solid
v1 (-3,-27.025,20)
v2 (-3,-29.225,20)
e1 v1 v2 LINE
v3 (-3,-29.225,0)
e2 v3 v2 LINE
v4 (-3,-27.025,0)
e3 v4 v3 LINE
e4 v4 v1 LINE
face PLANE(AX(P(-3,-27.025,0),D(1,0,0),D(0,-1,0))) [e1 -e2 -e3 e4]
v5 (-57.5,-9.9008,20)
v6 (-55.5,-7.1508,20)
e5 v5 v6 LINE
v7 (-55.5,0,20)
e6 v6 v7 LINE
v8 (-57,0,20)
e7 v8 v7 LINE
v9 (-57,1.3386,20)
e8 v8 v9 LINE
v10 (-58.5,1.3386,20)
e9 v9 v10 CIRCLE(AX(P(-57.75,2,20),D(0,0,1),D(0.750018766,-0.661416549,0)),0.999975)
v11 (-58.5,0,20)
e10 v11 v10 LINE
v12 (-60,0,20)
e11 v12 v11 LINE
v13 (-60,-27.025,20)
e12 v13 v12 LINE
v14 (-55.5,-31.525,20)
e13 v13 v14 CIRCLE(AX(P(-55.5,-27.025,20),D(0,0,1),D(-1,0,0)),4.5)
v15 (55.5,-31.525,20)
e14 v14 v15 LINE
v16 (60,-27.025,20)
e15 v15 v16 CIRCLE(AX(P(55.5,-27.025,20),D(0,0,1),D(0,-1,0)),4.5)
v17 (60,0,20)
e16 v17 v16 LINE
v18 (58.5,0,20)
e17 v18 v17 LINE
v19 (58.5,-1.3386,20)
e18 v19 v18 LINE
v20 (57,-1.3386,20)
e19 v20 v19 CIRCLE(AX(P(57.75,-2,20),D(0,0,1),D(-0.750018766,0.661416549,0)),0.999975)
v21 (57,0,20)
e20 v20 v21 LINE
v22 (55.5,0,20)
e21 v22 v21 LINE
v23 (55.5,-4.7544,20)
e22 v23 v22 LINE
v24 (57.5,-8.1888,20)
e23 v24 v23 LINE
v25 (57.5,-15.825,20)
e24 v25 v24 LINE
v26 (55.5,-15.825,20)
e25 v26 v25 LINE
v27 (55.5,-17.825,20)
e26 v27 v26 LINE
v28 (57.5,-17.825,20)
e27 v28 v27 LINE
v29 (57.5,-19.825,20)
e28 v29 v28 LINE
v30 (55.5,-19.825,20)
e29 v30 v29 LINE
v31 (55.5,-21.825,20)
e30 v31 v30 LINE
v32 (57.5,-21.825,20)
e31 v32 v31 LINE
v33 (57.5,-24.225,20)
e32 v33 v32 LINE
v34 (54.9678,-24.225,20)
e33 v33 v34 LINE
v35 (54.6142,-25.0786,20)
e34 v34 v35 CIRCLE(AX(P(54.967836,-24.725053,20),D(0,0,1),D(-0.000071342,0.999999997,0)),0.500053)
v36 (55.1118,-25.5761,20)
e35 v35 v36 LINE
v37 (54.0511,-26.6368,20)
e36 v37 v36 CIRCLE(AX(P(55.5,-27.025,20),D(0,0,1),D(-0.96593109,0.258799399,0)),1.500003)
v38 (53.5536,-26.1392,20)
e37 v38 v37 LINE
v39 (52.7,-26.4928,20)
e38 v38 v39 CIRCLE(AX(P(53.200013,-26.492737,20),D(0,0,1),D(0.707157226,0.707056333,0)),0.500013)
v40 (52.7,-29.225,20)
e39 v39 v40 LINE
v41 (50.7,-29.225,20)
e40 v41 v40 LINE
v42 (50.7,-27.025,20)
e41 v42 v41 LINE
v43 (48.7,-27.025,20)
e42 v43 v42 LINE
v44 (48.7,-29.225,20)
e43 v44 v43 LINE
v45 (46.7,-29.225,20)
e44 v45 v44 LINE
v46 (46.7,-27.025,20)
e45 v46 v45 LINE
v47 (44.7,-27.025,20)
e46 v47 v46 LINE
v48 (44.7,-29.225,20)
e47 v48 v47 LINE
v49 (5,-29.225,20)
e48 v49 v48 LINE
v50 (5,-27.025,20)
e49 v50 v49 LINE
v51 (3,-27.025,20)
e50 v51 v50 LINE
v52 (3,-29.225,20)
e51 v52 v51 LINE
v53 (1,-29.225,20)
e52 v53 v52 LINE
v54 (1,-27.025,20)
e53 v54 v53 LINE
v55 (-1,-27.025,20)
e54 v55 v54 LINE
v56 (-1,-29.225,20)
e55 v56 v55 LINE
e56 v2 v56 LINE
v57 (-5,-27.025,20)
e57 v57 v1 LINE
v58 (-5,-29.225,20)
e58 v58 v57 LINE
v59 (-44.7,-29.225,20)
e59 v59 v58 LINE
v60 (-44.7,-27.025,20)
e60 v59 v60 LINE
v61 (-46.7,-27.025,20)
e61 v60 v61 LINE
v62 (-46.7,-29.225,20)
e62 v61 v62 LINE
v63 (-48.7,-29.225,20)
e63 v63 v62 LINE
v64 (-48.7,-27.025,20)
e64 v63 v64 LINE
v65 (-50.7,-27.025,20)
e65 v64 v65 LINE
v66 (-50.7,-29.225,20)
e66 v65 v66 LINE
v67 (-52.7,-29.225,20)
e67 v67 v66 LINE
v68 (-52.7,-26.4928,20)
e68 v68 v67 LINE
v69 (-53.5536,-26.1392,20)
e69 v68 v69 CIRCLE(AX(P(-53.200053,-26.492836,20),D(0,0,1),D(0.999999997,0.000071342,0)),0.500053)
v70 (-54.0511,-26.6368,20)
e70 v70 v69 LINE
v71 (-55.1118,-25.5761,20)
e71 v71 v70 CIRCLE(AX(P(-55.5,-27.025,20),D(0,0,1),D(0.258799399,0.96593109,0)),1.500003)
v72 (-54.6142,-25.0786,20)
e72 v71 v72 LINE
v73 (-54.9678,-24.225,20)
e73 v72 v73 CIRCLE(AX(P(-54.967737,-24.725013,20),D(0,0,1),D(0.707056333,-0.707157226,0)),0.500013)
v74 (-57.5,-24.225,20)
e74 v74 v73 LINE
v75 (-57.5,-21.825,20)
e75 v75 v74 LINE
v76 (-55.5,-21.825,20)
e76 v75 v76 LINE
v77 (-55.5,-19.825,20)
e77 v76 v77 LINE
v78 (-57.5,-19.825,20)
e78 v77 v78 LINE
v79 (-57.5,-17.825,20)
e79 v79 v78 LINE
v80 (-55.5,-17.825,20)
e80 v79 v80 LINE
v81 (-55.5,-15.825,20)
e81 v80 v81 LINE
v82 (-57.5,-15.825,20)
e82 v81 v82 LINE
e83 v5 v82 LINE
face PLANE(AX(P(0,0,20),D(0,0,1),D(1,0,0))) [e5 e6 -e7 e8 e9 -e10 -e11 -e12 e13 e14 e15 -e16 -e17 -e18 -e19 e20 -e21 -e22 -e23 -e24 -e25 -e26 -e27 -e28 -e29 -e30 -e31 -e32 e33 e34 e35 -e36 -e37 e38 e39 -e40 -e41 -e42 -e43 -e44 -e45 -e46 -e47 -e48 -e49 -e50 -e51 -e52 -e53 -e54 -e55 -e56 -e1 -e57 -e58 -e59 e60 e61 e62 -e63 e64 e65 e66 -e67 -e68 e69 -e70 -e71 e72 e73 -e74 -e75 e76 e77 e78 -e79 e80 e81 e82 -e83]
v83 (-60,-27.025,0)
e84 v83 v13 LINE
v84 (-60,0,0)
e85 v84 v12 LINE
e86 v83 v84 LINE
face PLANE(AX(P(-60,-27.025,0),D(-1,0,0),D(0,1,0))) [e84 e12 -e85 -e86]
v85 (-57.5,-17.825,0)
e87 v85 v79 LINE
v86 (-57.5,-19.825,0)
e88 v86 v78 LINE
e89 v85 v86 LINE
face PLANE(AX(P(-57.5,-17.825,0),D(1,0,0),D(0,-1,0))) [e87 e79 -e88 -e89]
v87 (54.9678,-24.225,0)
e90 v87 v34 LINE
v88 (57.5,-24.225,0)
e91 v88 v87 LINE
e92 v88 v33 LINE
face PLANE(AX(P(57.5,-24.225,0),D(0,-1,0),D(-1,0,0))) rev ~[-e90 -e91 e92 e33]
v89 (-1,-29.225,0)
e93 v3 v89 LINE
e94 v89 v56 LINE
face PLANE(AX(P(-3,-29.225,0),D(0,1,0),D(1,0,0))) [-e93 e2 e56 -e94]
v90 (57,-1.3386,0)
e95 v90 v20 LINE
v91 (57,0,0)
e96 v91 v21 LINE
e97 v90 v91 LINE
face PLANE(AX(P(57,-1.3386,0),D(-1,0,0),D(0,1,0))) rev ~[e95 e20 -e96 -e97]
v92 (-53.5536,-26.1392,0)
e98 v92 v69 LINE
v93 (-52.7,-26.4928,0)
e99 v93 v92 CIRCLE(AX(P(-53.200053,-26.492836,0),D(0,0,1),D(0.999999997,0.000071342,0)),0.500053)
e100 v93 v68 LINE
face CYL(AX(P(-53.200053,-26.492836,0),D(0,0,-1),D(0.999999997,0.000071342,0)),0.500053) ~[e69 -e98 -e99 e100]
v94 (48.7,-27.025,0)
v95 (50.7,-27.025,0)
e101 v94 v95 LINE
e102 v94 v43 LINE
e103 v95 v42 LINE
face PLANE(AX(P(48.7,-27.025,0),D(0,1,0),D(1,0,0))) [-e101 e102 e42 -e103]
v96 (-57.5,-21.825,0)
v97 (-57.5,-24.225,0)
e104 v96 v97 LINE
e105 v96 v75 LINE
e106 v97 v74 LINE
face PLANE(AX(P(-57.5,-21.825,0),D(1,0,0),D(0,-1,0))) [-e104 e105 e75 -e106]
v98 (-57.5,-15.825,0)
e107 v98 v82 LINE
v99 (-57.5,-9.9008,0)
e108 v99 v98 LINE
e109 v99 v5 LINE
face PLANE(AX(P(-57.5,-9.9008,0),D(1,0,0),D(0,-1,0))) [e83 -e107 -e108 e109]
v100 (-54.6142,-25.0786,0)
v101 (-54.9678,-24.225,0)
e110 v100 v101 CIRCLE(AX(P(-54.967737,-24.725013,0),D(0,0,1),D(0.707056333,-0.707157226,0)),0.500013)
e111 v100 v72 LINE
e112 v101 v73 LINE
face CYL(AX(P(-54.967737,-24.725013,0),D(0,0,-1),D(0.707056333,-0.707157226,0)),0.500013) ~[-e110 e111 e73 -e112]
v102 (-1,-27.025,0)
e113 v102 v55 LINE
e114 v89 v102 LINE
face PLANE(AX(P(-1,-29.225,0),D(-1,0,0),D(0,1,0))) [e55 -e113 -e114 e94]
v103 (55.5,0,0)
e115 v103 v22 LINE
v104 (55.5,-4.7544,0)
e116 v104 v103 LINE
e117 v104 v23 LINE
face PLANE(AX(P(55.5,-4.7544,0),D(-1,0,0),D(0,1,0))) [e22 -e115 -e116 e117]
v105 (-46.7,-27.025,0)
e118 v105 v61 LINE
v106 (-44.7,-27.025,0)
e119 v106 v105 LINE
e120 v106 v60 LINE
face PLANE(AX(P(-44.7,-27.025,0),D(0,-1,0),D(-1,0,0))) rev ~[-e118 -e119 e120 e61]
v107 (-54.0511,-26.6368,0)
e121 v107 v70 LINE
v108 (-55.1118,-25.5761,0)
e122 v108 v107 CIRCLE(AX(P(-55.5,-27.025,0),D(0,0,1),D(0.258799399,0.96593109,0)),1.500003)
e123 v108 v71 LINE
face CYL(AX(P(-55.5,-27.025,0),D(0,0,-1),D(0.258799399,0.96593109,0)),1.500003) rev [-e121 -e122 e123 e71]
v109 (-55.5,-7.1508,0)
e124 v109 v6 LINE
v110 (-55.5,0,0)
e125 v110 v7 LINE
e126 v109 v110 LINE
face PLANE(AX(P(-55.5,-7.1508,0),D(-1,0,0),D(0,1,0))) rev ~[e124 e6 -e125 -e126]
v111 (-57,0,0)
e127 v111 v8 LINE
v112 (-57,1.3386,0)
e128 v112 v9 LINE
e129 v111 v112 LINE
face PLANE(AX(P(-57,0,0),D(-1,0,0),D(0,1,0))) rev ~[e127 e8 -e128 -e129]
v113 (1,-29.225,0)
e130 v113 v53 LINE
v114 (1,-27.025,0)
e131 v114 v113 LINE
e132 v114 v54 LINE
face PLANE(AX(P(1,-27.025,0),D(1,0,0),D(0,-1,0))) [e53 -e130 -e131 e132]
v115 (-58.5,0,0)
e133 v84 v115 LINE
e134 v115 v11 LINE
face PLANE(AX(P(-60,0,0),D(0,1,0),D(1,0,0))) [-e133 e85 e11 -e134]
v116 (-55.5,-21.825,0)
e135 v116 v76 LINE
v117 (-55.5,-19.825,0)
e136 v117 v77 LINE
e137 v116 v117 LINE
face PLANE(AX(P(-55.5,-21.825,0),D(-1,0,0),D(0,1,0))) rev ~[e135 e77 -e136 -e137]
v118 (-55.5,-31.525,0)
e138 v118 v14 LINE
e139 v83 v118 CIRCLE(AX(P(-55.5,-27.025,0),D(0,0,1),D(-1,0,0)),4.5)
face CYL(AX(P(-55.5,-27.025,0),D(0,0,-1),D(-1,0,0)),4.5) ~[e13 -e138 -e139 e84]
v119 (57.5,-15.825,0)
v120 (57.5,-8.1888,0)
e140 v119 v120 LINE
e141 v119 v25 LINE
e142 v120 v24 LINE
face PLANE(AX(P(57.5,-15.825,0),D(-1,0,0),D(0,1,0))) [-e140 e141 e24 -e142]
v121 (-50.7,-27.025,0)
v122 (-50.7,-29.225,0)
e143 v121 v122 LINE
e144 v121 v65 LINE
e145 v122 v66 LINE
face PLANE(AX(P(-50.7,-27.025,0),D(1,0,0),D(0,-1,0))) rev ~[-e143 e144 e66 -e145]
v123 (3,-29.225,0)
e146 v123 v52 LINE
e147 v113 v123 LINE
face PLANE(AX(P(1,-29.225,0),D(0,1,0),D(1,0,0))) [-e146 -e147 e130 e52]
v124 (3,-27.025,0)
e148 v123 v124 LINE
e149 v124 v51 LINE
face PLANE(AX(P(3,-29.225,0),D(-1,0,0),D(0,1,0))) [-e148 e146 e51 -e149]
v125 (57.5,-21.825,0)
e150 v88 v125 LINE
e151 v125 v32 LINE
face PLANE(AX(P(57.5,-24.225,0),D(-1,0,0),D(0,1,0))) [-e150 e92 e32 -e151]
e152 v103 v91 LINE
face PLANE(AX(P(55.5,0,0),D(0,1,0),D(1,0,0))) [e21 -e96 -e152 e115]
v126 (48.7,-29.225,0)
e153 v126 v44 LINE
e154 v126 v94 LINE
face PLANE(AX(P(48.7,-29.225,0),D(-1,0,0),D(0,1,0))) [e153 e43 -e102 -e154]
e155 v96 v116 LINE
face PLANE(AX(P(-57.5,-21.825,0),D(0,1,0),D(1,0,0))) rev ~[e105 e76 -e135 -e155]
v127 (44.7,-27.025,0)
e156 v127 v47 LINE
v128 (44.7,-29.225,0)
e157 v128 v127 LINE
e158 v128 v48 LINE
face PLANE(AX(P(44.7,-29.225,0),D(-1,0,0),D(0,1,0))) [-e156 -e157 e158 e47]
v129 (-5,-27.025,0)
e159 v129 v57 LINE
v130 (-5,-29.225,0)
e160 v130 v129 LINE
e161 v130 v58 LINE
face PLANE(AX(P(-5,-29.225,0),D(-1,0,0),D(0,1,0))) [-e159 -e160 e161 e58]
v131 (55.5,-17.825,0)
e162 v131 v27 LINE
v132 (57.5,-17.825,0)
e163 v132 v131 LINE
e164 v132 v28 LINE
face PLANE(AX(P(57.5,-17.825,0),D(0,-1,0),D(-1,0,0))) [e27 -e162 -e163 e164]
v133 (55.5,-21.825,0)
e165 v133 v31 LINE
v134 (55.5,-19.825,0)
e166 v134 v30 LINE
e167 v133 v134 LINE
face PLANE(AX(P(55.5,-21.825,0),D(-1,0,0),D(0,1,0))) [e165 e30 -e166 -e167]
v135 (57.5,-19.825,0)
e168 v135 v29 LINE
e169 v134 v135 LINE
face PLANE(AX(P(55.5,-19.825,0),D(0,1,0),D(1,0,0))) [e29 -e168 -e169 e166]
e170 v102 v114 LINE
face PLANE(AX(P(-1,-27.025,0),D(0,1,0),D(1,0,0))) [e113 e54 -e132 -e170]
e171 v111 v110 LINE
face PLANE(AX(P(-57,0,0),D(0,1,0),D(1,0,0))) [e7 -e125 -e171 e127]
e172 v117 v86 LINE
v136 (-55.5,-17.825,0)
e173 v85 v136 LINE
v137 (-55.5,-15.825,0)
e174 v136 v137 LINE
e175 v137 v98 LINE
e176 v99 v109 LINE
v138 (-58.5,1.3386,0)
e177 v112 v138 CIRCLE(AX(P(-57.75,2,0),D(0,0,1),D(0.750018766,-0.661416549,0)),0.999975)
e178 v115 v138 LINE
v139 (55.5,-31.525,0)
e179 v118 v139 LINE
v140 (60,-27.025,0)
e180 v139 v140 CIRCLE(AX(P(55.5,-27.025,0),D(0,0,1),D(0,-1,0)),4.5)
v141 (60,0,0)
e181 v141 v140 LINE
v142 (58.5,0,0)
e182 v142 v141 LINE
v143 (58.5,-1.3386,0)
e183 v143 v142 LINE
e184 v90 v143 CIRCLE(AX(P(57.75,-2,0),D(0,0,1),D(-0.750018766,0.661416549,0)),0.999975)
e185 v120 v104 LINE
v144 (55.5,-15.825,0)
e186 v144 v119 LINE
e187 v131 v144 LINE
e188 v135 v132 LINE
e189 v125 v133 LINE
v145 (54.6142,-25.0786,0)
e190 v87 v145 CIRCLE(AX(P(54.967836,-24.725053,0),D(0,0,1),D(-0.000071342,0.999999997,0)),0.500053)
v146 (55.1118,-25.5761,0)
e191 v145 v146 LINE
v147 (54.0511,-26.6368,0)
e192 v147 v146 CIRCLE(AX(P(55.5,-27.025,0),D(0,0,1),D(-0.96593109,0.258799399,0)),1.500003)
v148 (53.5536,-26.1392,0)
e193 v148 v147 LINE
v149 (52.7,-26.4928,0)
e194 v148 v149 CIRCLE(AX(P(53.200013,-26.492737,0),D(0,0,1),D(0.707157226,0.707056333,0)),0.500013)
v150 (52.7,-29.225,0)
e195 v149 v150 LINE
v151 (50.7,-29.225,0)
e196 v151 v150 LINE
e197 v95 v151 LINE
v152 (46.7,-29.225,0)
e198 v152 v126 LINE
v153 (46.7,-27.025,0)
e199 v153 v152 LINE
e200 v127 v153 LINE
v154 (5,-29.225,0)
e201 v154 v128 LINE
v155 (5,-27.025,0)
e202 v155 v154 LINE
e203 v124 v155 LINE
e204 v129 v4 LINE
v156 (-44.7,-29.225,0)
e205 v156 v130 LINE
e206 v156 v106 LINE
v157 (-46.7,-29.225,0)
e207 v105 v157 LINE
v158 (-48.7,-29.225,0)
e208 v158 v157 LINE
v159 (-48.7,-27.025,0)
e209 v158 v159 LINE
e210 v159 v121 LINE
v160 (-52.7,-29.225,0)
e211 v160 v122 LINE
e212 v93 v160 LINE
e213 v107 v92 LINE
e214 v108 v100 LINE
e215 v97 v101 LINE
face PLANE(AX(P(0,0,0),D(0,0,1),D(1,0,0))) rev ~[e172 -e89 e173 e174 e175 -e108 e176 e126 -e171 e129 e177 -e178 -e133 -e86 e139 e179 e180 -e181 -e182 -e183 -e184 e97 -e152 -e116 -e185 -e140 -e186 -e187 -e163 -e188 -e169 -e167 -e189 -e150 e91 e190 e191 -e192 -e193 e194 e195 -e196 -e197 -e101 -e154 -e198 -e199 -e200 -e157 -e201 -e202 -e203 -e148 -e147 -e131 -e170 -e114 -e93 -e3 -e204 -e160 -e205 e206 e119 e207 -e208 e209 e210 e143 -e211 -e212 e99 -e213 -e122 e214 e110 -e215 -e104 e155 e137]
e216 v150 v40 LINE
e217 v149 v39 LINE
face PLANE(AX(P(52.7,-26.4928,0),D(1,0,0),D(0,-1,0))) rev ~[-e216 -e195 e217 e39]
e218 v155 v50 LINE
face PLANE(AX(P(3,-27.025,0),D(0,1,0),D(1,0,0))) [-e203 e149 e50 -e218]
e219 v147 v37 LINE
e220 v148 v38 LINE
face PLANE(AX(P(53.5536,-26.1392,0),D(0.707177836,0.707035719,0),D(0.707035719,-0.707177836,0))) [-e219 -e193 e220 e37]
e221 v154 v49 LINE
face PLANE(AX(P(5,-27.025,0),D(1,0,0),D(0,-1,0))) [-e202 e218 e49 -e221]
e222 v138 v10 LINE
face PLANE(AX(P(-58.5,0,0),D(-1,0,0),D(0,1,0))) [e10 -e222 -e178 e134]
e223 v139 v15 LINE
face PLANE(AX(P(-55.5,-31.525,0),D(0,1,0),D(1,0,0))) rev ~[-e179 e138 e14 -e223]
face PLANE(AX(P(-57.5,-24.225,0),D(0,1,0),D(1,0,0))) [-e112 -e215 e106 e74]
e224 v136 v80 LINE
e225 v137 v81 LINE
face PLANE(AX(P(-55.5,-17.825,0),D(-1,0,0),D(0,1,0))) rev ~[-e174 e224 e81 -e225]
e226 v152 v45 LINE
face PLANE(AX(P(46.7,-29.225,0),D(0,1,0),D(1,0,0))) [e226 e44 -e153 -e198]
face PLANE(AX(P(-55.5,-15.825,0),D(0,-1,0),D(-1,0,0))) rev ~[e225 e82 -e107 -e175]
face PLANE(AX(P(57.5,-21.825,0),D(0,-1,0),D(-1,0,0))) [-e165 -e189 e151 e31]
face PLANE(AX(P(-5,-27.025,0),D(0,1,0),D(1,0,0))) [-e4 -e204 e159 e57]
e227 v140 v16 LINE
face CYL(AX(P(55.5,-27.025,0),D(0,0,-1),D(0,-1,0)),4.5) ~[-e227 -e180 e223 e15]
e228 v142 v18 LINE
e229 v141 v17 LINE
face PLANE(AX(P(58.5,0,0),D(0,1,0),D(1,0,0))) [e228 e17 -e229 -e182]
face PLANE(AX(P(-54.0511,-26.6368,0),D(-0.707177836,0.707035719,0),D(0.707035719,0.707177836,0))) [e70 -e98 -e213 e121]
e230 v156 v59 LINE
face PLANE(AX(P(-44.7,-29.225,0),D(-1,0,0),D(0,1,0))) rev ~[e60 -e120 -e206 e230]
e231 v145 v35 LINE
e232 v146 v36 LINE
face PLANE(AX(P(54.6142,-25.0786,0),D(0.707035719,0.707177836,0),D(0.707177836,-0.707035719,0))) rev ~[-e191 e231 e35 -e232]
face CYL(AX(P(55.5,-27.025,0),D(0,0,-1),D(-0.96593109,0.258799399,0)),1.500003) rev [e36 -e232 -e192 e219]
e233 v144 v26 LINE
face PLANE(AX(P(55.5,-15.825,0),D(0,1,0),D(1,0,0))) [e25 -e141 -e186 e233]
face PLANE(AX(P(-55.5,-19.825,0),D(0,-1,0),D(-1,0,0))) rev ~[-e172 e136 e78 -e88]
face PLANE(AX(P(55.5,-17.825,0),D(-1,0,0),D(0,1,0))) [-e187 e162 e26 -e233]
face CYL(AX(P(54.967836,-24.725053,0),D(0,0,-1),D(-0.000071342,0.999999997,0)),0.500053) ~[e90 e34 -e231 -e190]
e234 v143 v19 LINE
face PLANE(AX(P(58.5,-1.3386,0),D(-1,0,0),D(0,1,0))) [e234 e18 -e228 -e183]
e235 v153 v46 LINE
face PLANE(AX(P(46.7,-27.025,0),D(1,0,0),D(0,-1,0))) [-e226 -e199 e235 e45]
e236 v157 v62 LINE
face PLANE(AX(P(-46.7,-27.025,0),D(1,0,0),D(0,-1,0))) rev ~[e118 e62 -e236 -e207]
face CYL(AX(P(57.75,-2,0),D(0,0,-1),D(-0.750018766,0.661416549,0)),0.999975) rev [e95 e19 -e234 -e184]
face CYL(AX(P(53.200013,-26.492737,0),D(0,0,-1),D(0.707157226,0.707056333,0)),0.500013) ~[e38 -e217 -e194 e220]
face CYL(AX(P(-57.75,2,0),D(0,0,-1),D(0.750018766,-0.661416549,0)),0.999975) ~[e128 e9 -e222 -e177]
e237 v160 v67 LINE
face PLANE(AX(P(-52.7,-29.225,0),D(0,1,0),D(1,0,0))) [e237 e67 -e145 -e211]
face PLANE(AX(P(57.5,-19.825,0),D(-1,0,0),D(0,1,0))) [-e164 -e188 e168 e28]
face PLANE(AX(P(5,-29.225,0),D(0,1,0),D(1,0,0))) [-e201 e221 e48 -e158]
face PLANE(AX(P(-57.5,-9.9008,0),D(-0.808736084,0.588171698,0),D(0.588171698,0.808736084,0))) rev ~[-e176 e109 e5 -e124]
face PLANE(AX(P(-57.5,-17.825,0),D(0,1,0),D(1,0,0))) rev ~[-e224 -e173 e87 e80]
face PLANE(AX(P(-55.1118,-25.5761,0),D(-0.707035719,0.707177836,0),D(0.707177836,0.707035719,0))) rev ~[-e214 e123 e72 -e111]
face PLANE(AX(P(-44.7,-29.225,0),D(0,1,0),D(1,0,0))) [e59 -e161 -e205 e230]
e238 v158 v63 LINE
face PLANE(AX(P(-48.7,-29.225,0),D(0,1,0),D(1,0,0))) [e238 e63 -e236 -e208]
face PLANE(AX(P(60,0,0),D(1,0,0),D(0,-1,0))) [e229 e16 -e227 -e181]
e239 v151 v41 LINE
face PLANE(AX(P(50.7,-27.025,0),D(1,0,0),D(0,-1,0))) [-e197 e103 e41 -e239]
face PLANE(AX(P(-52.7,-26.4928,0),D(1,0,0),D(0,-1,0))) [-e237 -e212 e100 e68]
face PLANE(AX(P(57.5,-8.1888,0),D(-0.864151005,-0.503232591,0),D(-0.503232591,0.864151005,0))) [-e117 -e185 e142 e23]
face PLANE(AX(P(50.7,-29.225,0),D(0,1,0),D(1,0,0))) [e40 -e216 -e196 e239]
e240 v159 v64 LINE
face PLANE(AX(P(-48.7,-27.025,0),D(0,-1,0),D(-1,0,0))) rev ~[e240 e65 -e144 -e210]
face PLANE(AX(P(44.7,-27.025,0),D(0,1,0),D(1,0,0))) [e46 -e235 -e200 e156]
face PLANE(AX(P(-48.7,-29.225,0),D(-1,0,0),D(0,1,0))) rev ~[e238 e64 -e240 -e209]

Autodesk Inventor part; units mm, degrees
ref_plane "YZ Plane" through (0, 0, 0) normal (1, 0, 0) x (0, 1, 0)
ref_plane "XZ Plane" through (0, 0, 0) normal (0, 1, 0) x (-1, 0, 0)
ref_plane "XY Plane" through (0, 0, 0) normal (0, 0, 1) x (1, 0, 0)
sketch "Sketch1" plane through (0, 0, 0) normal (0, 0, 1) x (1, 0, 0)
  line L0 (60, 0) -> (60, -27.025)
  line L1 (-60, -27.025) -> (-60, 0)
  line L2 (0, 54.7321) -> (0, -29.5526) construction
  line L3 (-1, -29.225) -> (-1, -27.025)
  line L4 (-1, -27.025) -> (1, -27.025)
  line L5 (1, -27.025) -> (1, -29.225)
  line L6 (-5, -29.225) -> (-5, -27.025)
  line L7 (-5, -27.025) -> (-3, -27.025)
  line L8 (-3, -27.025) -> (-3, -29.225)
  line L9 (3, -29.225) -> (3, -27.025)
  line L10 (3, -27.025) -> (5, -27.025)
  line L11 (5, -27.025) -> (5, -29.225)
  line L12 (-3, -29.225) -> (-1, -29.225)
  line L13 (1, -29.225) -> (3, -29.225)
  line L14 (-44.7, -29.225) -> (-44.7, -27.025)
  line L15 (-44.7, -27.025) -> (-46.7, -27.025)
  line L16 (-46.7, -27.025) -> (-46.7, -29.225)
  line L17 (-48.7, -29.225) -> (-48.7, -27.025)
  line L18 (-48.7, -27.025) -> (-50.7, -27.025)
  line L19 (-50.7, -27.025) -> (-50.7, -29.225)
  line L20 (-52.7, -29.225) -> (-50.7, -29.225)
  line L21 (-48.7, -29.225) -> (-46.7, -29.225)
  line L22 (-44.7, -29.225) -> (-5, -29.225)
  line L23 (44.7, -29.225) -> (44.7, -27.025)
  line L24 (44.7, -27.025) -> (46.7, -27.025)
  line L25 (46.7, -27.025) -> (46.7, -29.225)
  line L26 (48.7, -29.225) -> (48.7, -27.025)
  line L27 (48.7, -27.025) -> (50.7, -27.025)
  line L28 (50.7, -27.025) -> (50.7, -29.225)
  line L29 (5, -29.225) -> (44.7, -29.225)
  line L30 (46.7, -29.225) -> (48.7, -29.225)
  line L31 (50.7, -29.225) -> (52.7, -29.225)
  line L32 (-55.5, -31.525) -> (55.5, -31.525)
  line L33 (57.5, -21.825) -> (55.5, -21.825)
  line L34 (55.5, -21.825) -> (55.5, -19.825)
  line L35 (55.5, -19.825) -> (57.5, -19.825)
  line L36 (57.5, -17.825) -> (55.5, -17.825)
  line L37 (55.5, -17.825) -> (55.5, -15.825)
  line L38 (55.5, -15.825) -> (57.5, -15.825)
  line L39 (57.5, -24.225) -> (57.5, -21.825)
  line L40 (57.5, -19.825) -> (57.5, -17.825)
  line L41 (57.5, -15.825) -> (57.5, -8.1888)
  line L42 (57.5, -24.225) -> (54.9678, -24.225)
  line L43 (-57.5, -21.825) -> (-55.5, -21.825)
  line L44 (-55.5, -21.825) -> (-55.5, -19.825)
  line L45 (-55.5, -19.825) -> (-57.5, -19.825)
  line L46 (-57.5, -17.825) -> (-55.5, -17.825)
  line L47 (-55.5, -17.825) -> (-55.5, -15.825)
  line L48 (-55.5, -15.825) -> (-57.5, -15.825)
  line L49 (-57.5, -21.825) -> (-57.5, -24.225)
  line L50 (-57.5, -9.9008) -> (-57.5, -15.825)
  line L51 (-57.5, -17.825) -> (-57.5, -19.825)
  arc A0 (-60, -27.025) -> (-55.5, -31.525) centre (-55.5, -27.025) ccw
  arc A1 (55.5, -31.525) -> (60, -27.025) centre (55.5, -27.025) ccw
  arc A2 (54.0511, -26.6368) -> (55.1118, -25.5761) centre (55.5, -27.025) ccw
  arc A3 (-55.1118, -25.5761) -> (-54.0511, -26.6368) centre (-55.5, -27.025) ccw
  line L52 (52.7, -26.4928) -> (52.7, -29.225)
  line L53 (54.6142, -25.0786) -> (55.1118, -25.5761)
  line L54 (53.5536, -26.1392) -> (54.0511, -26.6368)
  line L55 (55.5, -27.025) -> (52.7, -24.225) construction
  arc A4 (54.9678, -24.225) -> (54.6142, -25.0786) centre (54.9678, -24.725) ccw
  arc A5 (53.5536, -26.1392) -> (52.7, -26.4928) centre (53.2, -26.4928) ccw
  line L56 (-57.5, -24.225) -> (-54.9678, -24.225)
  line L57 (-52.7, -26.4928) -> (-52.7, -29.225)
  line L58 (-55.5, -27.025) -> (-52.7, -24.225) construction
  line L59 (-55.1118, -25.5761) -> (-54.6142, -25.0786)
  line L60 (-54.0511, -26.6368) -> (-53.5536, -26.1392)
  arc A6 (-54.6142, -25.0786) -> (-54.9678, -24.225) centre (-54.9678, -24.725) ccw
  arc A7 (-52.7, -26.4928) -> (-53.5536, -26.1392) centre (-53.2, -26.4928) ccw
  line L61 (-57.5, -9.9008) -> (-55.5, -7.1508)
  line L62 (-55.5, -7.1508) -> (-55.5, 0)
  line L63 (57.5, -8.1888) -> (55.5, -4.7544)
  line L64 (55.5, -4.7544) -> (55.5, 0)
  arc A8 (-57, 1.3386) -> (-58.5, 1.3386) centre (-57.75, 2) ccw
  line L65 (-58.5, 0) -> (-58.5, 1.3386)
  line L66 (-57, 0) -> (-57, 1.3386)
  line L67 (-57.75, 1.7435) -> (-57.75, 0.7418) construction
  line L68 (-60, 0) -> (-58.5, 0)
  line L69 (-57, 0) -> (-55.5, 0)
  arc A9 (57, -1.3386) -> (58.5, -1.3386) centre (57.75, -2) ccw
  line L70 (57, -1.3386) -> (57, 0)
  line L71 (58.5, -1.3386) -> (58.5, 0)
  line L72 (57.75, 2.8392) -> (57.75, 0.4457) construction
  line L73 (55.5, 0) -> (57, 0)
  line L74 (58.5, 0) -> (60, 0)
  point P0 (0, 0)
  dimension "d0" = 120
  dimension "d11" = 2
  dimension "d13" = 39.7
  dimension "d14" = 2.3
  dimension "d16" = 4.5
  dimension "d17" = 10
  dimension "d19" = 7.3
  dimension "d20" = 8.4
  dimension "d21" = 115
  dimension "d22" = 111
  dimension "d23" = 9
  dimension "d25" = 3
  dimension "d26" = 7.3
  dimension "d28" = 1.5
  dimension "d29" = 1
  dimension "d31" = 1.5
  dimension "d32" = 2
  dimension "d34" = 1.5
  dimension "d35" = 31.525
  dimension "d36" = 2
  dimension "d37" = 1.5
  dimension "d38" = 2
  dimension "d41" = 111
extrude "Extrusion1" add sketch "Sketch1" along normal blind 20
equation "\"d26\" = d19"
equation "\"d31\" = d28"
equation "\"d36\" = d32"
equation "\"d37\" = d34"
properties part number "SZOMK-AK-C-C10"
